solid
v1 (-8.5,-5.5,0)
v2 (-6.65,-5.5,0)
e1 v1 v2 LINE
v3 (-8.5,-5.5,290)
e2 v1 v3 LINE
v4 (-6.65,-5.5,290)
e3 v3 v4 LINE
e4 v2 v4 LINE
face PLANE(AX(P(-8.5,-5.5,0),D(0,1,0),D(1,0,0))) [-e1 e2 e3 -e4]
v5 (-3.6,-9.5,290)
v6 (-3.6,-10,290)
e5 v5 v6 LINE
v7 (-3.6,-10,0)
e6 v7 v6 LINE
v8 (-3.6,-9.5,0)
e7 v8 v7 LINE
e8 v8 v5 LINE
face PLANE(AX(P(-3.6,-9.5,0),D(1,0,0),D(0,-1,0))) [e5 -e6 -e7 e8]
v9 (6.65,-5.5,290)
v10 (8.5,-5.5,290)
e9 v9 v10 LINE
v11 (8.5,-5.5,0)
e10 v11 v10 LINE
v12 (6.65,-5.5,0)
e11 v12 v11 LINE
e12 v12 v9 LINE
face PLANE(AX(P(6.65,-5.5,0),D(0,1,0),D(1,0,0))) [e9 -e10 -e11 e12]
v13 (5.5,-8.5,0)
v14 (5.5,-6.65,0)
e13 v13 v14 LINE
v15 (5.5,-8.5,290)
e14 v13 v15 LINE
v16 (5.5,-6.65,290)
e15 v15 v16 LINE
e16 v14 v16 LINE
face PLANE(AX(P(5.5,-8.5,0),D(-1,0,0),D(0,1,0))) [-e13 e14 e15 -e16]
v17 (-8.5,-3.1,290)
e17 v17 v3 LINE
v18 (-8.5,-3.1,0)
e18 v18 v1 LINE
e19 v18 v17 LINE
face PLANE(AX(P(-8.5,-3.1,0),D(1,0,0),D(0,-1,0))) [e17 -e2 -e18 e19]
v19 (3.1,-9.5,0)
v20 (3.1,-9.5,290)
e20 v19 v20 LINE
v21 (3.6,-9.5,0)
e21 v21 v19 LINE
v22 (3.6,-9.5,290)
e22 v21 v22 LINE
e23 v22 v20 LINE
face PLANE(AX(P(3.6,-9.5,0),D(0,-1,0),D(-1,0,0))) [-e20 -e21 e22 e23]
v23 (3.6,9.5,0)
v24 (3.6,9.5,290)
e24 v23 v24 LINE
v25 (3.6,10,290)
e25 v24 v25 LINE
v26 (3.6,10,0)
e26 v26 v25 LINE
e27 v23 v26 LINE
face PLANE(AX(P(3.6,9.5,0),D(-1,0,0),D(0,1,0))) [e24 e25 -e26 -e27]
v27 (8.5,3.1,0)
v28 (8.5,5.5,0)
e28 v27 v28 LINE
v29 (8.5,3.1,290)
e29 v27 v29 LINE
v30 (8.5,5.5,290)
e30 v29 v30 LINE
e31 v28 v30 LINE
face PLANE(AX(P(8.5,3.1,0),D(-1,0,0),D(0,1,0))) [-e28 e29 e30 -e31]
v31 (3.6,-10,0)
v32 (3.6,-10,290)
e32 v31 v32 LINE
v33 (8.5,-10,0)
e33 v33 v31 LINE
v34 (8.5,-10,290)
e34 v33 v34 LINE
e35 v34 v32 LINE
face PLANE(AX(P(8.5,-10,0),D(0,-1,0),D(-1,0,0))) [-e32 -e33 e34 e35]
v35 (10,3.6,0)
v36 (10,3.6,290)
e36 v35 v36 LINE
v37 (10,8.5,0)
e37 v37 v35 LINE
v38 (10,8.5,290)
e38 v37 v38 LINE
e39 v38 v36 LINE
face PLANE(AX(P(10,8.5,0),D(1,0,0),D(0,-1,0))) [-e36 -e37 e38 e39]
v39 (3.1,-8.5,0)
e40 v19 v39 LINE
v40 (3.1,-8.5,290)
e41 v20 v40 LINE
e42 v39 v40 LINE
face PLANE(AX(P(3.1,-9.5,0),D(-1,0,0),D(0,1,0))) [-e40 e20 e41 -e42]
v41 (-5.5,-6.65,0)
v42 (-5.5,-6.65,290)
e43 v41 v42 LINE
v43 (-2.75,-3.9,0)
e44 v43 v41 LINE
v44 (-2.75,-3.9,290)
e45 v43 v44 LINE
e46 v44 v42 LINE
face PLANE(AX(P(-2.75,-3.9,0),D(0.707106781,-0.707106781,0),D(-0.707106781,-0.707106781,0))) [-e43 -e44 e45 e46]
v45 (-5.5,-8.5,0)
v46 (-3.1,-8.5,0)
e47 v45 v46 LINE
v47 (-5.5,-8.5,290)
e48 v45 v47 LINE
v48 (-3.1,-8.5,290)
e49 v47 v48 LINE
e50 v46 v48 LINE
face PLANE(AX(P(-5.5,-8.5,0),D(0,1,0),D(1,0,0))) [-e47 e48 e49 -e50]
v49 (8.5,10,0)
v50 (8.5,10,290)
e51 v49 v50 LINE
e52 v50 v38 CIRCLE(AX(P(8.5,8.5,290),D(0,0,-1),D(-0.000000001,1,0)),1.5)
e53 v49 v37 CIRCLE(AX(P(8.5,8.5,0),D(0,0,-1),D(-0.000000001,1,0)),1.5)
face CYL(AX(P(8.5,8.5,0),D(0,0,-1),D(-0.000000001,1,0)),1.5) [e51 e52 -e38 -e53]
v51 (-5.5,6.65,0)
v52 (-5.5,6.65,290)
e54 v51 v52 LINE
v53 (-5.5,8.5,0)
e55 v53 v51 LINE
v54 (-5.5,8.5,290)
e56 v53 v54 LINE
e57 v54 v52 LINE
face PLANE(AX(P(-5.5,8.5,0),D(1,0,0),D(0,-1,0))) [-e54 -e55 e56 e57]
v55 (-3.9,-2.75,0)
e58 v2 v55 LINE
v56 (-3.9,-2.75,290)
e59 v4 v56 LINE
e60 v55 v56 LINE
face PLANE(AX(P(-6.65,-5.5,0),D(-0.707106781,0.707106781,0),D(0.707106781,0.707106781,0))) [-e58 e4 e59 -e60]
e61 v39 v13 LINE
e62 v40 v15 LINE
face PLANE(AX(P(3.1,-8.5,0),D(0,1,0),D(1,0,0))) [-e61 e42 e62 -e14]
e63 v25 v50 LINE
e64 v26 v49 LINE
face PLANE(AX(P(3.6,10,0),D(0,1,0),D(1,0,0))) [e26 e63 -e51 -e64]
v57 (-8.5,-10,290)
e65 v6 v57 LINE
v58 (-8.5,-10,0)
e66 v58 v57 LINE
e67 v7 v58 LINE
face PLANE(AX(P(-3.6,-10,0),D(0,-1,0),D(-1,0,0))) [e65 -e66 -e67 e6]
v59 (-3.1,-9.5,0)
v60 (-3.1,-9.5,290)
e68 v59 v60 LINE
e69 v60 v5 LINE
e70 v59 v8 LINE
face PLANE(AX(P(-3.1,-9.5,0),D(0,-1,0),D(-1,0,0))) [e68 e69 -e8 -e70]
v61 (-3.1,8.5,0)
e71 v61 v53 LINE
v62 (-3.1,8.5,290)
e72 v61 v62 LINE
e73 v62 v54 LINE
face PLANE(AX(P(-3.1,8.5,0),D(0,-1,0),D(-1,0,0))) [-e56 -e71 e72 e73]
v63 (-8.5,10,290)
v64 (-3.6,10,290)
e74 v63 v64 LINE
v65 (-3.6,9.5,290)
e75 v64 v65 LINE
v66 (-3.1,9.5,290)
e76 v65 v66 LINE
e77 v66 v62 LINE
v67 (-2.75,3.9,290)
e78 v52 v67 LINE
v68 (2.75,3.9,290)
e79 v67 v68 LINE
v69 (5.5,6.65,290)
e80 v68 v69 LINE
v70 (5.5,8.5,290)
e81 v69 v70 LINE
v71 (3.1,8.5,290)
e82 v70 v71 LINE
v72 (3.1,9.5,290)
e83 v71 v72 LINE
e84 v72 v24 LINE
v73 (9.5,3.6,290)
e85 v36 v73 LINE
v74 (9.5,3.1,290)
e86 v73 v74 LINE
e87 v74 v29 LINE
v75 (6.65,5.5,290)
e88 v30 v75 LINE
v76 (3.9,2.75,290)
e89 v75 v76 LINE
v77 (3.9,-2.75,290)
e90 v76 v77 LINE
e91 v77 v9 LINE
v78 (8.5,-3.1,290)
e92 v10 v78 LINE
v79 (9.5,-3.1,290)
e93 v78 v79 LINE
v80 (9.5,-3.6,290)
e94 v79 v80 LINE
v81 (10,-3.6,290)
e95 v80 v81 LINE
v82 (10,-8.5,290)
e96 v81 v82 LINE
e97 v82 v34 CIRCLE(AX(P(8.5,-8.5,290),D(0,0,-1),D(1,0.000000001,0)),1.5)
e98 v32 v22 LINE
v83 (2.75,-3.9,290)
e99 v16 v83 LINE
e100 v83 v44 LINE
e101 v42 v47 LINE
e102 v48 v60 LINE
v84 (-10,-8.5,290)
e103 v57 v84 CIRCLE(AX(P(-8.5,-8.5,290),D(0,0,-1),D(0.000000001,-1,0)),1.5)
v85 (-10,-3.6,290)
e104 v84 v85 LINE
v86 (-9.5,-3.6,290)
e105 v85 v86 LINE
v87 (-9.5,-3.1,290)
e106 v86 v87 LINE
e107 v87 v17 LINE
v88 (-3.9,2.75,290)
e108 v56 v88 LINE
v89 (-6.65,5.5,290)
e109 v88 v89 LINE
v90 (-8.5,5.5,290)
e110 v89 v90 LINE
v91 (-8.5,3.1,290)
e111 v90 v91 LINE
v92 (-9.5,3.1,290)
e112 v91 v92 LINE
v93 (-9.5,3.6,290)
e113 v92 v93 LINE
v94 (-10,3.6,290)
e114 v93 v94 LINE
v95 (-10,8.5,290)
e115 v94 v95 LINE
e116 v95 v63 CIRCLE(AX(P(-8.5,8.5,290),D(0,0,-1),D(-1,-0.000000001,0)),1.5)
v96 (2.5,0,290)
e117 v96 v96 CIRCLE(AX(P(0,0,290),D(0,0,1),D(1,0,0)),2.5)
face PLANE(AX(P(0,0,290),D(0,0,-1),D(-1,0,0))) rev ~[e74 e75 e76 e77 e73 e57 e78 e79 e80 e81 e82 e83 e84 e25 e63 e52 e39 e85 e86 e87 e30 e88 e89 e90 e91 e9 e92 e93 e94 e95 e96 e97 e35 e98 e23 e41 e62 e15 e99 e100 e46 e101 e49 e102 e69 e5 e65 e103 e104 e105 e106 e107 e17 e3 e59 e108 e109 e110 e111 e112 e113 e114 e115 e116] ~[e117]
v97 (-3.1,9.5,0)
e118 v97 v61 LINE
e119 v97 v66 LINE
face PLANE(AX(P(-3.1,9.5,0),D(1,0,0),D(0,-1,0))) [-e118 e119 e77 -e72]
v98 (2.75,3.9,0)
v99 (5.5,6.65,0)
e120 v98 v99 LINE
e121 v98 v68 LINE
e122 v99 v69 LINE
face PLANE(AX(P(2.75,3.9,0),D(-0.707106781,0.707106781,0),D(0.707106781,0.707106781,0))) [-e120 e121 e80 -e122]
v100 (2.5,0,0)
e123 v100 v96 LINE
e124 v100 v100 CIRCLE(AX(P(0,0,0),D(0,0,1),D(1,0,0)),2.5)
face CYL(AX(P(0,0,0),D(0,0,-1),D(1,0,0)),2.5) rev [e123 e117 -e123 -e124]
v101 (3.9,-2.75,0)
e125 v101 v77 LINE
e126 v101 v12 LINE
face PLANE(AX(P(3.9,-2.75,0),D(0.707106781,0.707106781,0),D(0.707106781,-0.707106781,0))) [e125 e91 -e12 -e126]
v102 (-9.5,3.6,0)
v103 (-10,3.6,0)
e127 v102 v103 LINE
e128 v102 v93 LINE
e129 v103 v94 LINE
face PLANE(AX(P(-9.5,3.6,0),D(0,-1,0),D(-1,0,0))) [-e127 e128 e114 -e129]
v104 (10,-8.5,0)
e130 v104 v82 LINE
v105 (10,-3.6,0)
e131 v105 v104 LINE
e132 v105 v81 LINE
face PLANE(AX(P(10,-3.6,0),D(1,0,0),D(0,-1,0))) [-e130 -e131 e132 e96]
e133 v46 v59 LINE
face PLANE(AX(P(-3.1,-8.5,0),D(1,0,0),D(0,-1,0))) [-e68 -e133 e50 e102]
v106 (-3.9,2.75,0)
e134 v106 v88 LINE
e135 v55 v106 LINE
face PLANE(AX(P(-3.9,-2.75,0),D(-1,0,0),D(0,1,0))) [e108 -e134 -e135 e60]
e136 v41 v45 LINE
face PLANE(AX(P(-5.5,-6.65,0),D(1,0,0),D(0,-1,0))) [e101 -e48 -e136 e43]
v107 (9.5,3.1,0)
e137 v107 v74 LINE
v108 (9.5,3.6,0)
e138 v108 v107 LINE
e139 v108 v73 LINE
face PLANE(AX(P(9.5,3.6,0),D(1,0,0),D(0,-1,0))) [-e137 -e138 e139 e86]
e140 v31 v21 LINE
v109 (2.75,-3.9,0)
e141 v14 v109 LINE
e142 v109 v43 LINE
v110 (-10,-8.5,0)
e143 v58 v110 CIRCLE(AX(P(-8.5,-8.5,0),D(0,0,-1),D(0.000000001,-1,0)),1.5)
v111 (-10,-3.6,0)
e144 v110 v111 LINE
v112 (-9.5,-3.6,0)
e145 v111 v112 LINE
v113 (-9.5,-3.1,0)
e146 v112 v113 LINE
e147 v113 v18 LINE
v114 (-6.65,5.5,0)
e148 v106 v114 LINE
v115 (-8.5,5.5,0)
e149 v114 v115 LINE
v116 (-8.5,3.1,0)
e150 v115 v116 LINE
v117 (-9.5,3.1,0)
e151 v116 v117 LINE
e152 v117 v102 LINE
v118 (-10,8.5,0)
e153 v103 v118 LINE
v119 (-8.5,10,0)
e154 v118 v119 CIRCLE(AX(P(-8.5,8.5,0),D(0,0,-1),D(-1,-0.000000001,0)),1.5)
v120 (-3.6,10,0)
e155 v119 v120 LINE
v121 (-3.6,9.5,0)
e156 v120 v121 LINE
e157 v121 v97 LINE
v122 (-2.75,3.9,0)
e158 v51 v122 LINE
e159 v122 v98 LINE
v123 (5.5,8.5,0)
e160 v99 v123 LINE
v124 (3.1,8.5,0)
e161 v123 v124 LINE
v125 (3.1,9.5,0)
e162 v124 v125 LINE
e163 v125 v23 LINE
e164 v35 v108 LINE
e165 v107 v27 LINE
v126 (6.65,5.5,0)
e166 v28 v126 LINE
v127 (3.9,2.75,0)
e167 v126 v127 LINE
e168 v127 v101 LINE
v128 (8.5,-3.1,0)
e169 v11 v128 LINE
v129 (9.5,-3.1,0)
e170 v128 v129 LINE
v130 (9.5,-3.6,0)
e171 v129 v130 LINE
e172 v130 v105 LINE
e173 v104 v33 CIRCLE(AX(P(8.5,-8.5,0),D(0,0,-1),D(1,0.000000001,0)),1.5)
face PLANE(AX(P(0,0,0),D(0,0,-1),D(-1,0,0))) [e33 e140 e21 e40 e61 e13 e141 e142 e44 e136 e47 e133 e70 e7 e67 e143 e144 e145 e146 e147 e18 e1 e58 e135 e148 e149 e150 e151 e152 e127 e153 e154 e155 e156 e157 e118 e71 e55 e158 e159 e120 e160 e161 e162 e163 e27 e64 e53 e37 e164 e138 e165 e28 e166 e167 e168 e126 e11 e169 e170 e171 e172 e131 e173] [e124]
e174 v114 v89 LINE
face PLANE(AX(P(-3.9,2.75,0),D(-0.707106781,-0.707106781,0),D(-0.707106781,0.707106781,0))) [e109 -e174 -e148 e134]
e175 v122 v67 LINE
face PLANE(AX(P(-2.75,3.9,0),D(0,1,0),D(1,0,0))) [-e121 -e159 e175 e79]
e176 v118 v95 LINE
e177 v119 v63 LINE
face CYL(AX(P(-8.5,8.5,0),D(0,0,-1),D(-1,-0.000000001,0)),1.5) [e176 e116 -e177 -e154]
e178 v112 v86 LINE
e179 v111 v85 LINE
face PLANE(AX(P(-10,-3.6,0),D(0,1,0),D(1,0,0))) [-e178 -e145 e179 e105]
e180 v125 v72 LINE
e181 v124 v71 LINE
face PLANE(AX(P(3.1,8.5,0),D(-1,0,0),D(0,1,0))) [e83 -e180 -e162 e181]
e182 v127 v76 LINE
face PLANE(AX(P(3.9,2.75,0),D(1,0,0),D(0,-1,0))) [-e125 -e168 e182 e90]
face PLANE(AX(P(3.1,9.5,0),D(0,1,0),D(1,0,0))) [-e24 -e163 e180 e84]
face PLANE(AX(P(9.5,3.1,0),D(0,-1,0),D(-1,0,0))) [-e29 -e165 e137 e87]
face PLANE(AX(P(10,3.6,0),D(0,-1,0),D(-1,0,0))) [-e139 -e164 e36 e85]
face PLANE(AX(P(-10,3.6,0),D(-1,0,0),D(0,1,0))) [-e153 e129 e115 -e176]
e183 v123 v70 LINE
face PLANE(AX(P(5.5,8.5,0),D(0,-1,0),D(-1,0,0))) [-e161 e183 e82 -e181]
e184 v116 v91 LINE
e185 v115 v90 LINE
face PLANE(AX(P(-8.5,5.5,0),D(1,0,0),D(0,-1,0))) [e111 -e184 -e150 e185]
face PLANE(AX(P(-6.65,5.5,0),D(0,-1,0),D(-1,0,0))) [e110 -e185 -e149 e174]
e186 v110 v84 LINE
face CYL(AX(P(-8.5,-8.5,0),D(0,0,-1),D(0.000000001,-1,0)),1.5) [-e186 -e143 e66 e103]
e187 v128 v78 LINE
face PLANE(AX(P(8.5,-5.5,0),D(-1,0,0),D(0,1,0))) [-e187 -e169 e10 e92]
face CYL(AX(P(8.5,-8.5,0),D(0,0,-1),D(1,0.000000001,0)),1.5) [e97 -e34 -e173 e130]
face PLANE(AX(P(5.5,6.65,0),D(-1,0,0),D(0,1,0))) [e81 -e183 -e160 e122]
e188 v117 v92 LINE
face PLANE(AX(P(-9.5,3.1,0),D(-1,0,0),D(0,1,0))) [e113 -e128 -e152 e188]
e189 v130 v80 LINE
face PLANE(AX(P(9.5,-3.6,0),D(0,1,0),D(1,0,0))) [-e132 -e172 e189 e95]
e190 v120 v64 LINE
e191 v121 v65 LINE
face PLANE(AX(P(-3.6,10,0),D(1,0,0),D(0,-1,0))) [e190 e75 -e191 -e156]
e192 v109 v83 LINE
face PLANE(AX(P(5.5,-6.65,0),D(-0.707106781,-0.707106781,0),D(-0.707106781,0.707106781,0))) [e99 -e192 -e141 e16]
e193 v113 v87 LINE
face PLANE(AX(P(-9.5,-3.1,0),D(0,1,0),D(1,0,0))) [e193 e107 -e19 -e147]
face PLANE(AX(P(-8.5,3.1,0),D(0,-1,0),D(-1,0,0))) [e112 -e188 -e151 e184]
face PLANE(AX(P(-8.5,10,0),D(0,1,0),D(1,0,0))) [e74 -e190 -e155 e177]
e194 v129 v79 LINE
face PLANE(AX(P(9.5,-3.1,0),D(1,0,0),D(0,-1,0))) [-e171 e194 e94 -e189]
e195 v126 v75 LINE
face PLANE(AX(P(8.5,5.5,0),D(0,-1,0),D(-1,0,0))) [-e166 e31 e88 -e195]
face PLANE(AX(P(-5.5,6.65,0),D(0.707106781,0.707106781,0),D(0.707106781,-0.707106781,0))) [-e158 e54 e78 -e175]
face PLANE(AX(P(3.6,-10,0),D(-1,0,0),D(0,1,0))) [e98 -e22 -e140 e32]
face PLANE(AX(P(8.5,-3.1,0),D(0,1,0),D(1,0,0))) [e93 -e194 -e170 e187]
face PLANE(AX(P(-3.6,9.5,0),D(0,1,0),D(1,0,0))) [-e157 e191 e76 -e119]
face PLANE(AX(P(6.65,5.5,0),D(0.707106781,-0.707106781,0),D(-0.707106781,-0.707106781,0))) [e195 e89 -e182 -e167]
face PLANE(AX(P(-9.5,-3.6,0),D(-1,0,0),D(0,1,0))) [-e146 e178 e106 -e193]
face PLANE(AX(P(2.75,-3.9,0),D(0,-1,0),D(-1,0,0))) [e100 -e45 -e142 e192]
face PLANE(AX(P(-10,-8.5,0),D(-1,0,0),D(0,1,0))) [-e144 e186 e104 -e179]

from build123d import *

# Parameters (mm, degrees)
SKETCH1_R       = 2.5
EXTRUDE_1_DEPTH = 290


with BuildPart() as part:
    # Sketch1 → 凸台-拉伸1 (new body)
    with BuildSketch(Plane.XY):
        with BuildLine():
            Line((-3.6, 10), (-3.6, 9.5))
            Line((-3.6, 9.5), (-3.1, 9.5))
            Line((-3.1, 9.5), (-3.1, 8.5))
            Line((-3.1, 8.5), (-5.5, 8.5))
            Line((-5.5, 8.5), (-5.5, 6.65))
            Line((-5.5, 6.65), (-2.75, 3.9))
            Line((-2.75, 3.9), (2.75, 3.9))
            Line((2.75, 3.9), (5.5, 6.65))
            Line((5.5, 6.65), (5.5, 8.5))
            Line((5.5, 8.5), (3.1, 8.5))
            Line((3.1, 8.5), (3.1, 9.5))
            Line((3.1, 9.5), (3.6, 9.5))
            Line((3.6, 9.5), (3.6, 10))
            Line((3.6, 10), (8.5, 10))
            ThreePointArc((8.5, 10), (9.560660172, 9.560660172), (10, 8.5))
            Line((10, 8.5), (10, 3.6))
            Line((10, 3.6), (9.5, 3.6))
            Line((9.5, 3.6), (9.5, 3.1))
            Line((9.5, 3.1), (8.5, 3.1))
            Line((8.5, 3.1), (8.5, 5.5))
            Line((8.5, 5.5), (6.65, 5.5))
            Line((6.65, 5.5), (3.9, 2.75))
            Line((3.9, 2.75), (3.9, -2.75))
            Line((3.9, -2.75), (6.65, -5.5))
            Line((6.65, -5.5), (8.5, -5.5))
            Line((8.5, -5.5), (8.5, -3.1))
            Line((8.5, -3.1), (9.5, -3.1))
            Line((9.5, -3.1), (9.5, -3.6))
            Line((9.5, -3.6), (10, -3.6))
            Line((10, -3.6), (10, -8.5))
            ThreePointArc((10, -8.5), (9.560660172, -9.560660172), (8.5, -10))
            Line((8.5, -10), (3.6, -10))
            Line((3.6, -10), (3.6, -9.5))
            Line((3.6, -9.5), (3.1, -9.5))
            Line((3.1, -9.5), (3.1, -8.5))
            Line((3.1, -8.5), (5.5, -8.5))
            Line((5.5, -8.5), (5.5, -6.65))
            Line((5.5, -6.65), (2.75, -3.9))
            Line((2.75, -3.9), (-2.75, -3.9))
            Line((-2.75, -3.9), (-5.5, -6.65))
            Line((-5.5, -6.65), (-5.5, -8.5))
            Line((-5.5, -8.5), (-3.1, -8.5))
            Line((-3.1, -8.5), (-3.1, -9.5))
            Line((-3.1, -9.5), (-3.6, -9.5))
            Line((-3.6, -9.5), (-3.6, -10))
            Line((-3.6, -10), (-8.5, -10))
            ThreePointArc((-8.5, -10), (-9.560660172, -9.560660172), (-10, -8.5))
            Line((-10, -8.5), (-10, -3.6))
            Line((-10, -3.6), (-9.5, -3.6))
            Line((-9.5, -3.6), (-9.5, -3.1))
            Line((-9.5, -3.1), (-8.5, -3.1))
            Line((-8.5, -3.1), (-8.5, -5.5))
            Line((-8.5, -5.5), (-6.65, -5.5))
            Line((-6.65, -5.5), (-3.9, -2.75))
            Line((-3.9, -2.75), (-3.9, 2.75))
            Line((-3.9, 2.75), (-6.65, 5.5))
            Line((-6.65, 5.5), (-8.5, 5.5))
            Line((-8.5, 5.5), (-8.5, 3.1))
            Line((-8.5, 3.1), (-9.5, 3.1))
            Line((-9.5, 3.1), (-9.5, 3.6))
            Line((-9.5, 3.6), (-10, 3.6))
            Line((-10, 3.6), (-10, 8.5))
            ThreePointArc((-10, 8.5), (-9.560660172, 9.560660172), (-8.5, 10))
            Line((-8.5, 10), (-3.6, 10))
        make_face()
        Circle(SKETCH1_R, mode=Mode.SUBTRACT)
    extrude(amount=EXTRUDE_1_DEPTH)


solid = part.part
